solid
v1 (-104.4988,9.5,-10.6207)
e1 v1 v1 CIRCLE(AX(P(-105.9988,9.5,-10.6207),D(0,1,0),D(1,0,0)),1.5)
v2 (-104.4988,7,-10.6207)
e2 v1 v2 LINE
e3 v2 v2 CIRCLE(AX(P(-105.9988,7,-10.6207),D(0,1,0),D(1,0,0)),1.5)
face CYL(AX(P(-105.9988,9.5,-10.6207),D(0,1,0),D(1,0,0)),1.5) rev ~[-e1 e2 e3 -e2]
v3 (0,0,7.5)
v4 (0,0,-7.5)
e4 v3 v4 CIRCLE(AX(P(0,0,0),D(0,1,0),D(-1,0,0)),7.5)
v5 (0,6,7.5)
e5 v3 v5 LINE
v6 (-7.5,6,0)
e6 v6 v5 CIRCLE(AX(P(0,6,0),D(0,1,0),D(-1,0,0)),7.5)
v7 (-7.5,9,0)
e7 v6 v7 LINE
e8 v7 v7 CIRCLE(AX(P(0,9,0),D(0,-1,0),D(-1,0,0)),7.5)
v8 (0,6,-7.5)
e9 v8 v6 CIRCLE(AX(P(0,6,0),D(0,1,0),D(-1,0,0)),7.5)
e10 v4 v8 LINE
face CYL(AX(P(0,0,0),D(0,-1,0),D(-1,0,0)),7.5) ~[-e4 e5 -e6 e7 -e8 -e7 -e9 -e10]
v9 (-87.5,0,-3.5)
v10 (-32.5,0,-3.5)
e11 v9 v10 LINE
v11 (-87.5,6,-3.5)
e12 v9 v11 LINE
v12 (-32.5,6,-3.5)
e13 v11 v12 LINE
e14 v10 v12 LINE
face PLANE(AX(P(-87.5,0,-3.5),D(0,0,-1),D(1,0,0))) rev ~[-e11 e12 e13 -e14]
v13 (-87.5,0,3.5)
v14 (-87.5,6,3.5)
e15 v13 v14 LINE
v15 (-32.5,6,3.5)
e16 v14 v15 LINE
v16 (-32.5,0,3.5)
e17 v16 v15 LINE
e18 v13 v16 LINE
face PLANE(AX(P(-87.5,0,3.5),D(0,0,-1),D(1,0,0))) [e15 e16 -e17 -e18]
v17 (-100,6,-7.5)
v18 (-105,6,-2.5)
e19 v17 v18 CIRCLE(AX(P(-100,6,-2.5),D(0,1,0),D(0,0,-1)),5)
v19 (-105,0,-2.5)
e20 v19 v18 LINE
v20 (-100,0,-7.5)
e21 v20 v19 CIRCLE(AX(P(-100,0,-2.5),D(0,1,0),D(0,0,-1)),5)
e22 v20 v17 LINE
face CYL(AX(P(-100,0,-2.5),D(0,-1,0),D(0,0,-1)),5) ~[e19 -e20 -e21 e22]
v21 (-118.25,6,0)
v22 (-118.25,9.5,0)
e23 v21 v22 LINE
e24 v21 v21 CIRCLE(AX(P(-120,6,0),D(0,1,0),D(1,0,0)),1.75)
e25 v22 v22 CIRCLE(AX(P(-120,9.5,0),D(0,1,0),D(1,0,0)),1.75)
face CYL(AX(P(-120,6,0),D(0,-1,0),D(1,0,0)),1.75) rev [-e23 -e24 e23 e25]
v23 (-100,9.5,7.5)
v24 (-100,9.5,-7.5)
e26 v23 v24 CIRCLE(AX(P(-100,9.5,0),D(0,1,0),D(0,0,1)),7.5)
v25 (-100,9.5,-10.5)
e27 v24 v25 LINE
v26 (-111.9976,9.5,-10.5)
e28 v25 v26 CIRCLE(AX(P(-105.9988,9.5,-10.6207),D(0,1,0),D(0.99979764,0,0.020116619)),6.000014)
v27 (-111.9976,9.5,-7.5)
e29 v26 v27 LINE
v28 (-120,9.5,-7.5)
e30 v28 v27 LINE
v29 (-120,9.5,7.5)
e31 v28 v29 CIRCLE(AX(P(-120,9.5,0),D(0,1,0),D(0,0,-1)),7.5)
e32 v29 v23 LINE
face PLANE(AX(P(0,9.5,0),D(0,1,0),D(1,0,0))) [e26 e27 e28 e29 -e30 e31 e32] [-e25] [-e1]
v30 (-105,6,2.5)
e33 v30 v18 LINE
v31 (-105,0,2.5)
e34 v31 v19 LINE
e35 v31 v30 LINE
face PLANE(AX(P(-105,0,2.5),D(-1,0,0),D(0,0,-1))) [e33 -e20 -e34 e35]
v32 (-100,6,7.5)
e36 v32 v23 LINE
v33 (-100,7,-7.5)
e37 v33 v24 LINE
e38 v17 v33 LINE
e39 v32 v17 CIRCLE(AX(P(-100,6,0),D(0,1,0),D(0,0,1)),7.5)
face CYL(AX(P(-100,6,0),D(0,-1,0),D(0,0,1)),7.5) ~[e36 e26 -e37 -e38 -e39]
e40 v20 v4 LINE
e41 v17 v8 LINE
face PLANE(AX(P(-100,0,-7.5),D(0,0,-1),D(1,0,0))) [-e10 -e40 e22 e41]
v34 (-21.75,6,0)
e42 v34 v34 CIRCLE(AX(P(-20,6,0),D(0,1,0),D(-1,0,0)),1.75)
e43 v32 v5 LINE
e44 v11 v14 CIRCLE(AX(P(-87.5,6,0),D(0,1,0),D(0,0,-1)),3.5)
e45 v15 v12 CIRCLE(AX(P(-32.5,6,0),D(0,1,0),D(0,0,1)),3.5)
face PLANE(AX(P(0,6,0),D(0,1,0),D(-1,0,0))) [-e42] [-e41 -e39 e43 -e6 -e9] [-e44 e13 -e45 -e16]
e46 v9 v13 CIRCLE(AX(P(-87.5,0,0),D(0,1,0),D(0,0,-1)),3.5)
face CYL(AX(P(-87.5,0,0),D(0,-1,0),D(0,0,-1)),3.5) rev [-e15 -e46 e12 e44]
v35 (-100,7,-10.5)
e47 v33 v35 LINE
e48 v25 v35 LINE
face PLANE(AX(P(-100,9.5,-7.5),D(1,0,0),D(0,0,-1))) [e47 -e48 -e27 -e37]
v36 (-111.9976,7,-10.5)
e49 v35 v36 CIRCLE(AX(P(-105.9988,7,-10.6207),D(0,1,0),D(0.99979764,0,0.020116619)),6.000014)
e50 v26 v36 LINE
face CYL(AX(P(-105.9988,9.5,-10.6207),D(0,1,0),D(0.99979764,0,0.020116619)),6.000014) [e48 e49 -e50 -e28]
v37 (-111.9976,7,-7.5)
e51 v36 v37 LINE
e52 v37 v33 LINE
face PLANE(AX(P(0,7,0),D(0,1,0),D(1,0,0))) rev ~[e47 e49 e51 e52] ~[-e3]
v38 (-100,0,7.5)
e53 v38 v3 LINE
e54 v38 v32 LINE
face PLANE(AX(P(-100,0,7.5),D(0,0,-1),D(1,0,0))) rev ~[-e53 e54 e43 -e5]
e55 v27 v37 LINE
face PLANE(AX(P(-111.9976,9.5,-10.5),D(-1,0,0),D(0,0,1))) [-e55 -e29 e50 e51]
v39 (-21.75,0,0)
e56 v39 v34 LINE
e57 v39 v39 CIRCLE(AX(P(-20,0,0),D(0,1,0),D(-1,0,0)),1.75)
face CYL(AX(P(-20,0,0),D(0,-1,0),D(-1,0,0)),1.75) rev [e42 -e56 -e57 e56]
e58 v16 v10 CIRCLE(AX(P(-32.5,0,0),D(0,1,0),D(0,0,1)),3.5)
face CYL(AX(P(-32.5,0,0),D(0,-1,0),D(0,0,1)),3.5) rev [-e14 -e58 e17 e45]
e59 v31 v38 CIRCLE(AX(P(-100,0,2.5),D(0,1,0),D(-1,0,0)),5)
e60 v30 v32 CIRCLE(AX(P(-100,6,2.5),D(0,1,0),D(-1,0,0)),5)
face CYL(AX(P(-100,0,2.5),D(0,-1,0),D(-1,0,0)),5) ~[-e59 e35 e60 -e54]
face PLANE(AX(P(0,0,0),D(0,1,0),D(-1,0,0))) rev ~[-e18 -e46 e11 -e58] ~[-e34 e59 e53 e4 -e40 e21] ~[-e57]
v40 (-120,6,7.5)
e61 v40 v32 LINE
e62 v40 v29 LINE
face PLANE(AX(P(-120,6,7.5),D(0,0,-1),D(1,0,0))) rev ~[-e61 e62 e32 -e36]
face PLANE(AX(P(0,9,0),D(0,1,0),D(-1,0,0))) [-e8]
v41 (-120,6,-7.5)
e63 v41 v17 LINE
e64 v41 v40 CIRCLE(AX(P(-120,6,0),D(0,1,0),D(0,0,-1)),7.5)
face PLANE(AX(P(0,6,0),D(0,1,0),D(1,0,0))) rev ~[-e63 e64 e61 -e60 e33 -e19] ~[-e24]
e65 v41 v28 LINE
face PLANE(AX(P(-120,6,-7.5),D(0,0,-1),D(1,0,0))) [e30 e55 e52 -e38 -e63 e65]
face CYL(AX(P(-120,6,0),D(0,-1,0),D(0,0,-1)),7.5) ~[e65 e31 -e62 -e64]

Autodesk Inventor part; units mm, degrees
ref_plane "YZ Plane" through (0, 0, 0) normal (1, 0, 0) x (0, 1, 0)
ref_plane "XZ Plane" through (0, 0, 0) normal (0, 1, 0) x (-1, 0, 0)
ref_plane "XY Plane" through (0, 0, 0) normal (0, 0, 1) x (1, 0, 0)
sketch "Boceto1" plane through (0, 0, 0) normal (0, 1, 0) x (-1, 0, 0)
  circle A0 centre (0, 0) radius 7.5
  circle A1 centre (20, 0) radius 1.75
  arc A2 (87.5, -3.5) -> (87.5, 3.5) centre (87.5, 0) ccw
  arc A3 (32.5, 3.5) -> (32.5, -3.5) centre (32.5, 0) ccw
  line L0 (100, -7.5) -> (0, -7.5)
  line L1 (100, 7.5) -> (0, 7.5)
  line L2 (87.5, -3.5) -> (32.5, -3.5)
  line L3 (87.5, 3.5) -> (32.5, 3.5)
  arc A4 (105, 2.5) -> (100, 7.5) centre (100, 2.5) ccw
  arc A5 (100, -7.5) -> (105, -2.5) centre (100, -2.5) ccw
  line L4 (105, 2.5) -> (105, -2.5)
  dimension "d0" = 15
  dimension "d3" = 3.5
  dimension "d5" = 7
  dimension "d7" = 7
  dimension "d10" = 100
  dimension "d12" = 55
  dimension "d13" = 55
extrude "Extrusión1" add sketch "Boceto1" along normal blind 9 contours A0
extrude "Extrusión2" add sketch "Boceto1" along normal blind 6 contours A0 L1 A4 L4 A5 L0
sketch "Boceto2" plane through (0, 6, 0) normal (0, 1, 0) x (1, 0, 0)
  line L0 (-100, -7.5) -> (0, -7.5) projected
  arc A0 (0, 7.5) -> (0, -7.5) centre (0, 0) ccw projected
  line L1 (0, 7.5) -> (-100, 7.5) projected
  arc A1 (-100, 7.5) -> (-105, 2.5) centre (-100, 2.5) ccw projected
  line L2 (-105, 2.5) -> (-105, -2.5) projected
  arc A2 (-105, -2.5) -> (-100, -7.5) centre (-100, -2.5) ccw projected
  line L3 (-87.5, 3.5) -> (-32.5, 3.5) projected
  arc A3 (-32.5, -3.5) -> (-32.5, 3.5) centre (-32.5, 0) ccw projected
  line L4 (-32.5, -3.5) -> (-87.5, -3.5) projected
  arc A4 (-87.5, 3.5) -> (-87.5, -3.5) centre (-87.5, 0) ccw projected
  circle A5 centre (-20, 0) radius 1.75 projected
  arc A6 (-100, -7.5) -> (-100, 7.5) centre (-100, 0) ccw
  circle A7 centre (-120, 0) radius 1.75
  arc A8 (-120, 7.5) -> (-120, -7.5) centre (-120, 0) ccw
  line L5 (-120, -7.5) -> (-100, -7.5)
  line L6 (-120, 7.5) -> (-100, 7.5)
  dimension "d22" = 15
  dimension "d24" = 3.5
  dimension "d25" = 15
  dimension "d26" = 20
  dimension "d27" = 20
extrude "Extrusión3" add sketch "Boceto2" along normal blind 3.5 contours L5 A8 L6 A1 L2 A2 | A2 L2 A1 A6
sketch "Boceto3" plane through (0, 9.5, 0) normal (0, 1, 0) x (1, 0, 0)
  line L0 (-87.5, 3.5) -> (-32.5, 3.5) projected
  line L1 (-120, -7.5) -> (-100, -7.5) projected
  arc A0 (-100, -7.5) -> (-100, 7.5) centre (-100, 0) ccw projected
  line L2 (-100, 7.5) -> (-120, 7.5) projected
  arc A1 (-120, 7.5) -> (-120, -7.5) centre (-120, 0) ccw projected
  circle A2 centre (-120, 0) radius 1.75 projected
  line L3 (0, 7.5) -> (-100, 7.5) projected
  line L4 (-100, 7.5) -> (-100, 10.5)
  circle A3 centre (-105.9988, 10.6207) radius 1.5
  arc A4 (-100, 10.5) -> (-111.9976, 10.5) centre (-105.9988, 10.6207) ccw
  arc A5 (-100, 7.5) -> (-105, 2.5) centre (-100, 2.5) ccw projected
  line L5 (-111, 7.5) -> (-100, 7.5)
  line L6 (-111.9976, 10.5) -> (-111.9976, 7.5)
  point P0 (0, 0)
  dimension "d32" = 3
  dimension "d37" = 6
  dimension "d38" = 3
  dimension "d39" = 3
extrude "Extrusión4" add sketch "Boceto3" against normal blind 2.5 contours L2 L6 A4 L4
properties part number "pieza3parte3"
